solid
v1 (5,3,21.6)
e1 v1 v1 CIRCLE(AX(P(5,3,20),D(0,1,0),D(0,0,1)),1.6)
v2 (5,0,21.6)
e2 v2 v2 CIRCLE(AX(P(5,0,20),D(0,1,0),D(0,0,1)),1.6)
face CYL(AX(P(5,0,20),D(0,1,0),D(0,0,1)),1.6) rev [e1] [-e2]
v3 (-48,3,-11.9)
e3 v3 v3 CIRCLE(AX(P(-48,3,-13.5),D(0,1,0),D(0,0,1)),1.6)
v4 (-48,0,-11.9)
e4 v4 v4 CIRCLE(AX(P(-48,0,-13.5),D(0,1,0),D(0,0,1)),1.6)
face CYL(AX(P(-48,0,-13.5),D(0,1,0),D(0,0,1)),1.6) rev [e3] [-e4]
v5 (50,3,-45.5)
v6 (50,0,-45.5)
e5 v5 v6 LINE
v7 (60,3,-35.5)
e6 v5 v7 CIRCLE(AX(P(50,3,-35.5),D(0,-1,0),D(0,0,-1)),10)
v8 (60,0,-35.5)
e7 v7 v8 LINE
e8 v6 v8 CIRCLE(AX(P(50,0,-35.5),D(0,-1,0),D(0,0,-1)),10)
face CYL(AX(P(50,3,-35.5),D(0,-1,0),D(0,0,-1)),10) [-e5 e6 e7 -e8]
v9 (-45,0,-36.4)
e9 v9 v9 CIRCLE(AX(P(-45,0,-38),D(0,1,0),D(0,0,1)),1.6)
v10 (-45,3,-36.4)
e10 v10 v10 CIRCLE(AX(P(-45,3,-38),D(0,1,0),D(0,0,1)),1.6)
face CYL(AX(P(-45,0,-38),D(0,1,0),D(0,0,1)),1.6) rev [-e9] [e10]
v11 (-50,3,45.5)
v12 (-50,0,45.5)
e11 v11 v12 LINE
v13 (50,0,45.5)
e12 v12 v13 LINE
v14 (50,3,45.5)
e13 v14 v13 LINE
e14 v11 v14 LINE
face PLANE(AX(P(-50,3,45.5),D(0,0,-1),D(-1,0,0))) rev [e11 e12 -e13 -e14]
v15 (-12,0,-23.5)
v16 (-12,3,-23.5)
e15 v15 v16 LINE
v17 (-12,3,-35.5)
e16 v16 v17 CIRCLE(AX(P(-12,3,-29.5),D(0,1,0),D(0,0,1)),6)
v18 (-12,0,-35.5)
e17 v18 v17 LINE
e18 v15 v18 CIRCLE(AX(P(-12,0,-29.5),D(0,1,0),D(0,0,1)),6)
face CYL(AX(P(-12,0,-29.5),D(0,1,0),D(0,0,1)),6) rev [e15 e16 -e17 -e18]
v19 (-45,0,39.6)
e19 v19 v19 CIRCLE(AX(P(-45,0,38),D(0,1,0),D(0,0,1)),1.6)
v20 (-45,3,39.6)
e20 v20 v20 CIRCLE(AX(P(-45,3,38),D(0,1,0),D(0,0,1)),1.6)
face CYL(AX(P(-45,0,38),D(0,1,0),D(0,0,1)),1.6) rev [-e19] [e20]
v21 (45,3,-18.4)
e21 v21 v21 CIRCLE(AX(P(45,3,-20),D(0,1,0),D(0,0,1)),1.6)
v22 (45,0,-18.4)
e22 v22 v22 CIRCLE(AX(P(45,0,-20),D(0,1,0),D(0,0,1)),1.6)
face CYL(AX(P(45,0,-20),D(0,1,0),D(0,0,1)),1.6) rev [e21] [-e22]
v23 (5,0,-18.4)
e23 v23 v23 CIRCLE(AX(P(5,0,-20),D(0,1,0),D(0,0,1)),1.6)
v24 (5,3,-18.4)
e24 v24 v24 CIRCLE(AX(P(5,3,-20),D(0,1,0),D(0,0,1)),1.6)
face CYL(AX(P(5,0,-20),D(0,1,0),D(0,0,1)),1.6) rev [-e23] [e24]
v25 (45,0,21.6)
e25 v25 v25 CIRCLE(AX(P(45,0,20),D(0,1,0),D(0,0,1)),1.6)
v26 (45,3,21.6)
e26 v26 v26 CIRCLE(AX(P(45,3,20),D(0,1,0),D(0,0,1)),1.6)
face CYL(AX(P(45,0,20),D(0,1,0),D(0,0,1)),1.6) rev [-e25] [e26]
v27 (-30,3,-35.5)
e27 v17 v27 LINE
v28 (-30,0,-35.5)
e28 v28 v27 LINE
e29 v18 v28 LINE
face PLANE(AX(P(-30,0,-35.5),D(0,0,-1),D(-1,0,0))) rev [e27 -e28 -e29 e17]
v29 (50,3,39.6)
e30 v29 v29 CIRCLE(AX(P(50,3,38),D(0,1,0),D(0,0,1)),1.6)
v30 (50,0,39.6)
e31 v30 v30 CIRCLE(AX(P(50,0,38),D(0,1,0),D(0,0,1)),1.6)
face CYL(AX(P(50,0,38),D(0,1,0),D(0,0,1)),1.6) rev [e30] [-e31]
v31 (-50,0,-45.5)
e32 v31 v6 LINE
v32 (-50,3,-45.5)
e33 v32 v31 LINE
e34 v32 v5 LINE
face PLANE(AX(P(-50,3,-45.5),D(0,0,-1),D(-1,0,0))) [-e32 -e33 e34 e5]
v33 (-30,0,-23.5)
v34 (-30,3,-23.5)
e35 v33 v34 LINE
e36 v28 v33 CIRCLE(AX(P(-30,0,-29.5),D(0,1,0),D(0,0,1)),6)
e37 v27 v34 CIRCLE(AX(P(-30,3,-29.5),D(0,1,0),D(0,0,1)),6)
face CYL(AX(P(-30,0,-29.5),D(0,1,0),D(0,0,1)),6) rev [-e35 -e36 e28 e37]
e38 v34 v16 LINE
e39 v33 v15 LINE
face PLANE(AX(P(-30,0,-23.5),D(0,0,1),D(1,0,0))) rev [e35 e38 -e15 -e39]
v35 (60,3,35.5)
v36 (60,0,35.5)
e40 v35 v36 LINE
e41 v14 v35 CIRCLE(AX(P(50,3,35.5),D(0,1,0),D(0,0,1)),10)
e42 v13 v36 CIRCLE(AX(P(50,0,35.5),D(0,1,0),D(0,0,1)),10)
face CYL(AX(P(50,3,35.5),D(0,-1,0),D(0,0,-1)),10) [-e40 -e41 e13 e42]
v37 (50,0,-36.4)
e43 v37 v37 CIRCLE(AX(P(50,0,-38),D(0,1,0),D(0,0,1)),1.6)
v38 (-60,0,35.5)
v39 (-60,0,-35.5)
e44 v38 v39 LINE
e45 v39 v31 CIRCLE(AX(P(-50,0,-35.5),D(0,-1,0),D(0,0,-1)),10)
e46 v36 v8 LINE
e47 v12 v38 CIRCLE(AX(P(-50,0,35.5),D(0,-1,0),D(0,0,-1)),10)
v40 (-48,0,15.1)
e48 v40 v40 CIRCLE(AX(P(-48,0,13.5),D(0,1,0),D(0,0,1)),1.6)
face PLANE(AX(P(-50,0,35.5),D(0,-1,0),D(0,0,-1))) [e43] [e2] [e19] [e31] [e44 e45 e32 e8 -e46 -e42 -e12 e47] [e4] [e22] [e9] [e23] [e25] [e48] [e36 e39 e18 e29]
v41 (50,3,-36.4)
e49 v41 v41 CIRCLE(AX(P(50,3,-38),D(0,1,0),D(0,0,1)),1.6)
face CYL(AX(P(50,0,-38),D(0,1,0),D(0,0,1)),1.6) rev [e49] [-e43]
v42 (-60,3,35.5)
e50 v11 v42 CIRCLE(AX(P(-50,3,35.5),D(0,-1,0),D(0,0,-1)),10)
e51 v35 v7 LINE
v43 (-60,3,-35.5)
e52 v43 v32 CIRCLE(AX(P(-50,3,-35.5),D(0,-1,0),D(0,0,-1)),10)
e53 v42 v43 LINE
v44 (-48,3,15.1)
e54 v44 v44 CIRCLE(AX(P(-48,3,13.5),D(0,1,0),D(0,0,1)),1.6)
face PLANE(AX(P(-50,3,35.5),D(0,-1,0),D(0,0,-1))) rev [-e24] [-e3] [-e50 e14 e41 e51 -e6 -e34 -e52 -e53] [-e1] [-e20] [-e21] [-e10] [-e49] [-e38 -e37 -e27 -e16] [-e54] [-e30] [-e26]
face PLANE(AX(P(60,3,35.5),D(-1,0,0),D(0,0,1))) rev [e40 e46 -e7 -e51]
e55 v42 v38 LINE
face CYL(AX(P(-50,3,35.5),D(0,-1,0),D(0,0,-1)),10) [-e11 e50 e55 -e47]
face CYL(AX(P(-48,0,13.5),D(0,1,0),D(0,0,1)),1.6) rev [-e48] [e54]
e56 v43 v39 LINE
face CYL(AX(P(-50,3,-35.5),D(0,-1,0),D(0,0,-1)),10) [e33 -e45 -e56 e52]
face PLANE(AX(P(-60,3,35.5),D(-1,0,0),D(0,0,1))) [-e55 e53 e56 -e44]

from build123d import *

# Parameters (mm, degrees)
Y_KSEKLIK_EKSTR_ZYON1_DEPTH = 3
IZIM2_R                     = 1.6
KES_EKSTR_ZYON1_DEPTH       = 3
IZIM3_R                     = 1.6
KES_EKSTR_ZYON2_DEPTH       = 3
KES_EKSTR_ZYON3_DEPTH       = 3
IZIM5_R                     = 1.6
KES_EKSTR_ZYON4_DEPTH       = 3


with BuildPart() as part:
    # Çizim1 → Yükseklik-Ekstrüzyon1 (new body)
    with BuildSketch(Plane(origin=(0, 0, 0), x_dir=(1, 0, 0), z_dir=(0, 1, 0))):
        with BuildLine():
            Line((-50, -45.5), (50, -45.5))
            ThreePointArc((50, -45.5), (57.071067812, -42.571067812), (60, -35.5))
            Line((60, -35.5), (60, 35.5))
            ThreePointArc((60, 35.5), (57.071067812, 42.571067812), (50, 45.5))
            Line((50, 45.5), (-50, 45.5))
            ThreePointArc((-50, 45.5), (-57.071067812, 42.571067812), (-60, 35.5))
            Line((-60, 35.5), (-60, -35.5))
            ThreePointArc((-60, -35.5), (-57.071067812, -42.571067812), (-50, -45.5))
        make_face()
    extrude(amount=Y_KSEKLIK_EKSTR_ZYON1_DEPTH)

    # Çizim2 → Kes-Ekstrüzyon1 (cut)
    with BuildSketch(Plane(origin=(0, 3, 0), x_dir=(1, 0, 0), z_dir=(0, 1, 0))):
        with Locations(Location((50, -38, 0), (0, 0, 270))):
            Circle(IZIM2_R)
        with Locations(Location((50, 38, 0), (0, 0, 270))):
            Circle(IZIM2_R)
        with Locations(Location((-45, 38, 0), (0, 0, 270))):
            Circle(IZIM2_R)
        with Locations(Location((-45, -38, 0), (0, 0, 270))):
            Circle(IZIM2_R)
    extrude(amount=-KES_EKSTR_ZYON1_DEPTH, mode=Mode.SUBTRACT)

    # Çizim3 → Kes-Ekstrüzyon2 (cut)
    with BuildSketch(Plane(origin=(0, 3, 0), x_dir=(1, 0, 0), z_dir=(0, 1, 0))):
        with Locations(Location((45, 20, 0), (0, 0, 270))):
            Circle(IZIM3_R)
        with Locations(Location((45, -20, 0), (0, 0, 270))):
            Circle(IZIM3_R)
        with Locations(Location((5, 20, 0), (0, 0, 270))):
            Circle(IZIM3_R)
        with Locations(Location((5, -20, 0), (0, 0, 270))):
            Circle(IZIM3_R)
    extrude(amount=-KES_EKSTR_ZYON2_DEPTH, mode=Mode.SUBTRACT)

    # Çizim4 → Kes-Ekstrüzyon3 (cut)
    with BuildSketch(Plane(origin=(0, 3, 0), x_dir=(1, 0, 0), z_dir=(0, 1, 0))):
        with BuildLine():
            Line((-30, 35.5), (-12, 35.5))
            ThreePointArc((-12, 35.5), (-6, 29.5), (-12, 23.5))
            Line((-12, 23.5), (-30, 23.5))
            ThreePointArc((-30, 23.5), (-36, 29.5), (-30, 35.5))
        make_face()
    extrude(amount=-KES_EKSTR_ZYON3_DEPTH, mode=Mode.SUBTRACT)

    # Çizim5 → Kes-Ekstrüzyon4 (cut)
    with BuildSketch(Plane(origin=(0, 3, 0), x_dir=(1, 0, 0), z_dir=(0, 1, 0))):
        with Locations(Location((-48, 13.5, 0), (0, 0, 270))):
            Circle(IZIM5_R)
        with Locations(Location((-48, -13.5, 0), (0, 0, 270))):
            Circle(IZIM5_R)
    extrude(amount=-KES_EKSTR_ZYON4_DEPTH, mode=Mode.SUBTRACT)


solid = part.part
